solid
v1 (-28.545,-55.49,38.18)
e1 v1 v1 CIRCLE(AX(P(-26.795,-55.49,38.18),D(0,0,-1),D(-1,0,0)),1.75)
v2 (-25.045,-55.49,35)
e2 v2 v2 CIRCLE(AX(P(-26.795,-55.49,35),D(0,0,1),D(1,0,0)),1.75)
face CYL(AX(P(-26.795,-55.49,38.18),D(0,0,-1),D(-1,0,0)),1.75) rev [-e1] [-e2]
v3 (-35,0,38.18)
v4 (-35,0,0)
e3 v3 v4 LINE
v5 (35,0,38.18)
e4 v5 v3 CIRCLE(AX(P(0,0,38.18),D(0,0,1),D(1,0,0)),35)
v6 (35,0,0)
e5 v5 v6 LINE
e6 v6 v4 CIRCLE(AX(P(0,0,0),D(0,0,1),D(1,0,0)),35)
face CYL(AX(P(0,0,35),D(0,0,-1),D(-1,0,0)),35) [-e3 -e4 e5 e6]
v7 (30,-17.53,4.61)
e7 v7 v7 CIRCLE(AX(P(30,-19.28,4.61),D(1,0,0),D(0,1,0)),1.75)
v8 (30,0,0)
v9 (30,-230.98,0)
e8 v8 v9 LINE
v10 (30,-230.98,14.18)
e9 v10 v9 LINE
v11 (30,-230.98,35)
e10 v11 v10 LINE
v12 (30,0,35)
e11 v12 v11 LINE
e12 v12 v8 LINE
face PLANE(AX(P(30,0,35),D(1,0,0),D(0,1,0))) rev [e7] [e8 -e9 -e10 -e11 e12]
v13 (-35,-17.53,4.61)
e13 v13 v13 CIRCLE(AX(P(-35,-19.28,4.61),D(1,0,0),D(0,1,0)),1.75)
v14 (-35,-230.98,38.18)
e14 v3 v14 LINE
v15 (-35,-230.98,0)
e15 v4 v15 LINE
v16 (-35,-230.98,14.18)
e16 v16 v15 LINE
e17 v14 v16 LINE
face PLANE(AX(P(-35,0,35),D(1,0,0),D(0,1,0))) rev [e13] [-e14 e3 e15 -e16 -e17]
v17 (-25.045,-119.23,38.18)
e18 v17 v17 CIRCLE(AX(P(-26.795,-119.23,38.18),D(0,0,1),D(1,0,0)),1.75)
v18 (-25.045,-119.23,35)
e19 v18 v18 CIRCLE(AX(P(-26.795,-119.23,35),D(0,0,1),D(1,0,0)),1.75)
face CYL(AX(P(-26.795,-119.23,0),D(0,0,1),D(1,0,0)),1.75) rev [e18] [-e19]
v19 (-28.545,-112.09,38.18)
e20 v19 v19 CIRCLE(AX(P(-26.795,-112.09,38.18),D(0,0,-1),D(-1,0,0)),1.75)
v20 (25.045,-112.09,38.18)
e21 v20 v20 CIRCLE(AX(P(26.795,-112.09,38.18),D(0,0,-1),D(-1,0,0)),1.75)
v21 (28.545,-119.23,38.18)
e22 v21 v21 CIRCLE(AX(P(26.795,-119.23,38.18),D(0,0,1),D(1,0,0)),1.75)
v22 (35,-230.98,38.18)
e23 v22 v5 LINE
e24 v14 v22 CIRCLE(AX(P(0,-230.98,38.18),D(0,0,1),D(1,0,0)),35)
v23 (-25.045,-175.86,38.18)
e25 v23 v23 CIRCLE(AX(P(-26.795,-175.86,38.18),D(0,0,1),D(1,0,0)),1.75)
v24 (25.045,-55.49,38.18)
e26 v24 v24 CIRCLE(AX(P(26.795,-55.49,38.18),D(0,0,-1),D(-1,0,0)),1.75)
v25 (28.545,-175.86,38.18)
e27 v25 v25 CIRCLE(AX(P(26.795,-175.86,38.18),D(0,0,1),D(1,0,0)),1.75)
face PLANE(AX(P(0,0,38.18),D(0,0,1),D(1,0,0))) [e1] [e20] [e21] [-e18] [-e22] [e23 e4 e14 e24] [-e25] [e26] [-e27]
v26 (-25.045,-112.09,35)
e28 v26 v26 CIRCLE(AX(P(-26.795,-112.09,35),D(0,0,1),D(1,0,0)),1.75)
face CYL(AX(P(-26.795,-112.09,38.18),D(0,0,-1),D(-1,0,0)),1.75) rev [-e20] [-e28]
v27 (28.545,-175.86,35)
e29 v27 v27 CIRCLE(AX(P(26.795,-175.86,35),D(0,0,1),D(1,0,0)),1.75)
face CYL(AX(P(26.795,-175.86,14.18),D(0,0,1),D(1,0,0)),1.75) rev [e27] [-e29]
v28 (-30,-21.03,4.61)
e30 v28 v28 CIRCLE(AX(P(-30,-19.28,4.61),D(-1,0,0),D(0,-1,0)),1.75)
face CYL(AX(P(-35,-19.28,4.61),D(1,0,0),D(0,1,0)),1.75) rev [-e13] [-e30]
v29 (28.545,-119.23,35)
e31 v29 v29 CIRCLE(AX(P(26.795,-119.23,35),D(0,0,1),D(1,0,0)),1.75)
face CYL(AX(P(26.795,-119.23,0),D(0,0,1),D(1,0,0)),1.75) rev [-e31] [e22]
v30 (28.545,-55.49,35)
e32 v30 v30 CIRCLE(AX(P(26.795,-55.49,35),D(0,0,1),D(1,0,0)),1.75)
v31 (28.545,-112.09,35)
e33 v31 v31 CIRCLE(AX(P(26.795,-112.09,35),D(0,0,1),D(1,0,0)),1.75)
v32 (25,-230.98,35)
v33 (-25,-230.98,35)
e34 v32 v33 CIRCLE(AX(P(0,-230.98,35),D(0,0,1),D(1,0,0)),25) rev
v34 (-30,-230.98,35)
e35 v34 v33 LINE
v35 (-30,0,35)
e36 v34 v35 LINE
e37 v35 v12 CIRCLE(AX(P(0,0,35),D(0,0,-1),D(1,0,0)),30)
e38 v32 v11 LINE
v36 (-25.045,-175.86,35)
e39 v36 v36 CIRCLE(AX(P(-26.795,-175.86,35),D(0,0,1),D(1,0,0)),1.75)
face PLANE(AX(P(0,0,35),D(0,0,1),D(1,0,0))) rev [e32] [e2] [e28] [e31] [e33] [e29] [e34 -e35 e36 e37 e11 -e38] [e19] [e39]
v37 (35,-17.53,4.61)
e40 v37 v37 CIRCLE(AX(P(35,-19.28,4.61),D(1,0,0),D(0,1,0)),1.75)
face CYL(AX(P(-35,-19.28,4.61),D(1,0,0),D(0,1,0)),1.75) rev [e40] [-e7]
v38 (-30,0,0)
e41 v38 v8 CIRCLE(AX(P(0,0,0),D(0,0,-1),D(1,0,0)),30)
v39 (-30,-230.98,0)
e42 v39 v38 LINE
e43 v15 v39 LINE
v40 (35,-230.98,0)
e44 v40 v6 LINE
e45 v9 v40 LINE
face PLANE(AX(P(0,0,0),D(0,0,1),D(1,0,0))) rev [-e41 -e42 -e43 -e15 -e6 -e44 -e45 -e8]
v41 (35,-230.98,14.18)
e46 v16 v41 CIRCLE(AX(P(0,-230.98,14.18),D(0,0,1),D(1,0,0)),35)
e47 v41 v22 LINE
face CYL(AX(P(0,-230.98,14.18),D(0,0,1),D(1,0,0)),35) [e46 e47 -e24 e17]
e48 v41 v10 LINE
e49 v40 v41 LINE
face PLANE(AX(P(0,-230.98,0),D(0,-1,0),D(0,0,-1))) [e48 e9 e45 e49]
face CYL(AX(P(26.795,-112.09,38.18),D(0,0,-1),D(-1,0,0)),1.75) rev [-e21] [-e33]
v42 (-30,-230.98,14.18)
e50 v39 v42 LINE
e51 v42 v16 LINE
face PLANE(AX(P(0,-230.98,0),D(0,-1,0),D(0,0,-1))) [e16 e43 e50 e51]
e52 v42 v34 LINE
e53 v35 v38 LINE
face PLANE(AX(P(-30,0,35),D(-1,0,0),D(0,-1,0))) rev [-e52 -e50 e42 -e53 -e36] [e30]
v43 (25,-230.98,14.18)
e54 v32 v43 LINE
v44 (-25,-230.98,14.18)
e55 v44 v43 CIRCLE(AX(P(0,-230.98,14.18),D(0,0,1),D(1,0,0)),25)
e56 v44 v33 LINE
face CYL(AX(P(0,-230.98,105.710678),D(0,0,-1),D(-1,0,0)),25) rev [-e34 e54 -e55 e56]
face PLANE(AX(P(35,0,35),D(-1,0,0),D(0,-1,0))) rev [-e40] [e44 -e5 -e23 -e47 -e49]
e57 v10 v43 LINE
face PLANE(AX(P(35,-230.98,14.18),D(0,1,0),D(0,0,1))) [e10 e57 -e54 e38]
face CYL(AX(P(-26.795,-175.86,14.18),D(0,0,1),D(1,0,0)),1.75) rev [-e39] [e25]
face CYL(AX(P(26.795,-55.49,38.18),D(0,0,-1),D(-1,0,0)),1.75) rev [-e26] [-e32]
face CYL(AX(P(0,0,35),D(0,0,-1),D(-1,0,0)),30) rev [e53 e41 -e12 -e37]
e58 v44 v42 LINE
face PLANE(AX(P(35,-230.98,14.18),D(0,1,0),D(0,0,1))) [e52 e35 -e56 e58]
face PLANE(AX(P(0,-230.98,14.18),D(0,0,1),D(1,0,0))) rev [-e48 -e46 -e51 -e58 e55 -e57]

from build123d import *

# Parameters (mm, degrees)
EXTRUDE_1_DEPTH     = 35
EXTRUDE_2_DEPTH     = 3.18
SKETCH_3_R          = 1.75
CUT_EXTRUDE_1_DEPTH = 39.18
SKETCH_4_R          = 1.75
CUT_EXTRUDE_2_DEPTH = 39.18
SKETCH_5_R          = 1.75
CUT_EXTRUDE_3_DEPTH = 71
EXTRUDE_3_DEPTH     = 115.49
EXTRUDE_7_DEPTH     = 24
SKETCH_11_R         = 25
CUT_EXTRUDE_4_DEPTH = 20.82
SKETCH_12_R         = 1.75
CUT_EXTRUDE_5_DEPTH = 39.18
SKETCH_13_R         = 1.75
CUT_EXTRUDE_6_DEPTH = 24


with BuildPart() as part:
    # 草图1 → 凸台-拉伸1 (new body)
    with BuildSketch(Plane.XY):
        with BuildLine():
            Line((-30, 0), (-30, -115.49))
            Line((-30, -115.49), (-35, -115.49))
            Line((-35, -115.49), (-35, 0))
            ThreePointArc((-35, 0), (0, 35), (35, 0))
            Line((35, 0), (35, -115.49))
            Line((35, -115.49), (30, -115.49))
            Line((30, -115.49), (30, 0))
            ThreePointArc((30, 0), (0, 30), (-30, 0))
        make_face()
    extrude(amount=EXTRUDE_1_DEPTH)

    # 草图2 → 凸台-拉伸2 (add)
    with BuildSketch(Plane.XY.offset(35)):
        with BuildLine():
            Line((-30, -115.49), (30, -115.49))
            Line((30, -115.49), (35, -115.49))
            Line((35, -115.49), (35, 0))
            ThreePointArc((35, 0), (0, 35), (-35, 0))
            Line((-35, 0), (-35, -115.49))
            Line((-35, -115.49), (-30, -115.49))
        make_face()
    extrude(amount=EXTRUDE_2_DEPTH)

    # 草图3 → 切除-拉伸1 (cut, through all)
    with BuildSketch(Plane(origin=(0, 0, 0), x_dir=(-1, 0, 0), z_dir=(0, 0, -1))):
        with Locations((-26.795, -112.09)):
            Circle(SKETCH_3_R)
        with Locations((26.795, -112.09)):
            Circle(SKETCH_3_R)
    extrude(amount=-CUT_EXTRUDE_1_DEPTH, mode=Mode.SUBTRACT)

    # 草图4 → 切除-拉伸2 (cut, through all)
    with BuildSketch(Plane(origin=(0, 0, 0), x_dir=(-1, 0, 0), z_dir=(0, 0, -1))):
        with Locations((-26.795, -55.49)):
            Circle(SKETCH_4_R)
        with Locations((26.795, -55.49)):
            Circle(SKETCH_4_R)
    extrude(amount=-CUT_EXTRUDE_2_DEPTH, mode=Mode.SUBTRACT)

    # 草图5 → 切除-拉伸3 (cut, through all)
    with BuildSketch(Plane(origin=(35, 0, 0), x_dir=(0, 0, -1), z_dir=(1, 0, 0))):
        with Locations((-4.61, -19.28)):
            Circle(SKETCH_5_R)
    extrude(amount=-CUT_EXTRUDE_3_DEPTH, mode=Mode.SUBTRACT)

    # 草图6 → 凸台-拉伸3 (add)
    with BuildSketch(Plane.XZ.offset(115.49)):
        Polygon((30, 0), (35, 0), (35, 38.18), (-35, 38.18), (-35, 0), (-30, 0), (-30, 35), (30, 35), align=None)
    extrude(amount=EXTRUDE_3_DEPTH)

    # 草图10 → 凸台-拉伸7 (add)
    with BuildSketch(Plane.XY.offset(38.18)):
        with BuildLine():
            Line((35, -230.98), (-35, -230.98))
            ThreePointArc((-35, -230.98), (0, -265.98), (35, -230.98))
        make_face()
    extrude(amount=-EXTRUDE_7_DEPTH)

    # 草图11 → 切除-拉伸4 (cut)
    with BuildSketch(Plane(origin=(0, 0, 14.18), x_dir=(-1, 0, 0), z_dir=(0, 0, -1))):
        with Locations((0, -230.98)):
            Circle(SKETCH_11_R)
    extrude(amount=-CUT_EXTRUDE_4_DEPTH, mode=Mode.SUBTRACT)

    # 草图12 → 切除-拉伸5 (cut, through all)
    with BuildSketch(Plane.XY.offset(38.18)):
        with Locations((26.795, -119.23)):
            Circle(SKETCH_12_R)
        with Locations((-26.795, -119.23)):
            Circle(SKETCH_12_R)
    extrude(amount=-CUT_EXTRUDE_5_DEPTH, mode=Mode.SUBTRACT)

    # 草图13 → 切除-拉伸6 (cut)
    with BuildSketch(Plane.XY.offset(38.18)):
        with Locations((-26.795, -175.86)):
            Circle(SKETCH_13_R)
        with Locations((26.795, -175.86)):
            Circle(SKETCH_13_R)
    extrude(amount=-CUT_EXTRUDE_6_DEPTH, mode=Mode.SUBTRACT)


solid = part.part
